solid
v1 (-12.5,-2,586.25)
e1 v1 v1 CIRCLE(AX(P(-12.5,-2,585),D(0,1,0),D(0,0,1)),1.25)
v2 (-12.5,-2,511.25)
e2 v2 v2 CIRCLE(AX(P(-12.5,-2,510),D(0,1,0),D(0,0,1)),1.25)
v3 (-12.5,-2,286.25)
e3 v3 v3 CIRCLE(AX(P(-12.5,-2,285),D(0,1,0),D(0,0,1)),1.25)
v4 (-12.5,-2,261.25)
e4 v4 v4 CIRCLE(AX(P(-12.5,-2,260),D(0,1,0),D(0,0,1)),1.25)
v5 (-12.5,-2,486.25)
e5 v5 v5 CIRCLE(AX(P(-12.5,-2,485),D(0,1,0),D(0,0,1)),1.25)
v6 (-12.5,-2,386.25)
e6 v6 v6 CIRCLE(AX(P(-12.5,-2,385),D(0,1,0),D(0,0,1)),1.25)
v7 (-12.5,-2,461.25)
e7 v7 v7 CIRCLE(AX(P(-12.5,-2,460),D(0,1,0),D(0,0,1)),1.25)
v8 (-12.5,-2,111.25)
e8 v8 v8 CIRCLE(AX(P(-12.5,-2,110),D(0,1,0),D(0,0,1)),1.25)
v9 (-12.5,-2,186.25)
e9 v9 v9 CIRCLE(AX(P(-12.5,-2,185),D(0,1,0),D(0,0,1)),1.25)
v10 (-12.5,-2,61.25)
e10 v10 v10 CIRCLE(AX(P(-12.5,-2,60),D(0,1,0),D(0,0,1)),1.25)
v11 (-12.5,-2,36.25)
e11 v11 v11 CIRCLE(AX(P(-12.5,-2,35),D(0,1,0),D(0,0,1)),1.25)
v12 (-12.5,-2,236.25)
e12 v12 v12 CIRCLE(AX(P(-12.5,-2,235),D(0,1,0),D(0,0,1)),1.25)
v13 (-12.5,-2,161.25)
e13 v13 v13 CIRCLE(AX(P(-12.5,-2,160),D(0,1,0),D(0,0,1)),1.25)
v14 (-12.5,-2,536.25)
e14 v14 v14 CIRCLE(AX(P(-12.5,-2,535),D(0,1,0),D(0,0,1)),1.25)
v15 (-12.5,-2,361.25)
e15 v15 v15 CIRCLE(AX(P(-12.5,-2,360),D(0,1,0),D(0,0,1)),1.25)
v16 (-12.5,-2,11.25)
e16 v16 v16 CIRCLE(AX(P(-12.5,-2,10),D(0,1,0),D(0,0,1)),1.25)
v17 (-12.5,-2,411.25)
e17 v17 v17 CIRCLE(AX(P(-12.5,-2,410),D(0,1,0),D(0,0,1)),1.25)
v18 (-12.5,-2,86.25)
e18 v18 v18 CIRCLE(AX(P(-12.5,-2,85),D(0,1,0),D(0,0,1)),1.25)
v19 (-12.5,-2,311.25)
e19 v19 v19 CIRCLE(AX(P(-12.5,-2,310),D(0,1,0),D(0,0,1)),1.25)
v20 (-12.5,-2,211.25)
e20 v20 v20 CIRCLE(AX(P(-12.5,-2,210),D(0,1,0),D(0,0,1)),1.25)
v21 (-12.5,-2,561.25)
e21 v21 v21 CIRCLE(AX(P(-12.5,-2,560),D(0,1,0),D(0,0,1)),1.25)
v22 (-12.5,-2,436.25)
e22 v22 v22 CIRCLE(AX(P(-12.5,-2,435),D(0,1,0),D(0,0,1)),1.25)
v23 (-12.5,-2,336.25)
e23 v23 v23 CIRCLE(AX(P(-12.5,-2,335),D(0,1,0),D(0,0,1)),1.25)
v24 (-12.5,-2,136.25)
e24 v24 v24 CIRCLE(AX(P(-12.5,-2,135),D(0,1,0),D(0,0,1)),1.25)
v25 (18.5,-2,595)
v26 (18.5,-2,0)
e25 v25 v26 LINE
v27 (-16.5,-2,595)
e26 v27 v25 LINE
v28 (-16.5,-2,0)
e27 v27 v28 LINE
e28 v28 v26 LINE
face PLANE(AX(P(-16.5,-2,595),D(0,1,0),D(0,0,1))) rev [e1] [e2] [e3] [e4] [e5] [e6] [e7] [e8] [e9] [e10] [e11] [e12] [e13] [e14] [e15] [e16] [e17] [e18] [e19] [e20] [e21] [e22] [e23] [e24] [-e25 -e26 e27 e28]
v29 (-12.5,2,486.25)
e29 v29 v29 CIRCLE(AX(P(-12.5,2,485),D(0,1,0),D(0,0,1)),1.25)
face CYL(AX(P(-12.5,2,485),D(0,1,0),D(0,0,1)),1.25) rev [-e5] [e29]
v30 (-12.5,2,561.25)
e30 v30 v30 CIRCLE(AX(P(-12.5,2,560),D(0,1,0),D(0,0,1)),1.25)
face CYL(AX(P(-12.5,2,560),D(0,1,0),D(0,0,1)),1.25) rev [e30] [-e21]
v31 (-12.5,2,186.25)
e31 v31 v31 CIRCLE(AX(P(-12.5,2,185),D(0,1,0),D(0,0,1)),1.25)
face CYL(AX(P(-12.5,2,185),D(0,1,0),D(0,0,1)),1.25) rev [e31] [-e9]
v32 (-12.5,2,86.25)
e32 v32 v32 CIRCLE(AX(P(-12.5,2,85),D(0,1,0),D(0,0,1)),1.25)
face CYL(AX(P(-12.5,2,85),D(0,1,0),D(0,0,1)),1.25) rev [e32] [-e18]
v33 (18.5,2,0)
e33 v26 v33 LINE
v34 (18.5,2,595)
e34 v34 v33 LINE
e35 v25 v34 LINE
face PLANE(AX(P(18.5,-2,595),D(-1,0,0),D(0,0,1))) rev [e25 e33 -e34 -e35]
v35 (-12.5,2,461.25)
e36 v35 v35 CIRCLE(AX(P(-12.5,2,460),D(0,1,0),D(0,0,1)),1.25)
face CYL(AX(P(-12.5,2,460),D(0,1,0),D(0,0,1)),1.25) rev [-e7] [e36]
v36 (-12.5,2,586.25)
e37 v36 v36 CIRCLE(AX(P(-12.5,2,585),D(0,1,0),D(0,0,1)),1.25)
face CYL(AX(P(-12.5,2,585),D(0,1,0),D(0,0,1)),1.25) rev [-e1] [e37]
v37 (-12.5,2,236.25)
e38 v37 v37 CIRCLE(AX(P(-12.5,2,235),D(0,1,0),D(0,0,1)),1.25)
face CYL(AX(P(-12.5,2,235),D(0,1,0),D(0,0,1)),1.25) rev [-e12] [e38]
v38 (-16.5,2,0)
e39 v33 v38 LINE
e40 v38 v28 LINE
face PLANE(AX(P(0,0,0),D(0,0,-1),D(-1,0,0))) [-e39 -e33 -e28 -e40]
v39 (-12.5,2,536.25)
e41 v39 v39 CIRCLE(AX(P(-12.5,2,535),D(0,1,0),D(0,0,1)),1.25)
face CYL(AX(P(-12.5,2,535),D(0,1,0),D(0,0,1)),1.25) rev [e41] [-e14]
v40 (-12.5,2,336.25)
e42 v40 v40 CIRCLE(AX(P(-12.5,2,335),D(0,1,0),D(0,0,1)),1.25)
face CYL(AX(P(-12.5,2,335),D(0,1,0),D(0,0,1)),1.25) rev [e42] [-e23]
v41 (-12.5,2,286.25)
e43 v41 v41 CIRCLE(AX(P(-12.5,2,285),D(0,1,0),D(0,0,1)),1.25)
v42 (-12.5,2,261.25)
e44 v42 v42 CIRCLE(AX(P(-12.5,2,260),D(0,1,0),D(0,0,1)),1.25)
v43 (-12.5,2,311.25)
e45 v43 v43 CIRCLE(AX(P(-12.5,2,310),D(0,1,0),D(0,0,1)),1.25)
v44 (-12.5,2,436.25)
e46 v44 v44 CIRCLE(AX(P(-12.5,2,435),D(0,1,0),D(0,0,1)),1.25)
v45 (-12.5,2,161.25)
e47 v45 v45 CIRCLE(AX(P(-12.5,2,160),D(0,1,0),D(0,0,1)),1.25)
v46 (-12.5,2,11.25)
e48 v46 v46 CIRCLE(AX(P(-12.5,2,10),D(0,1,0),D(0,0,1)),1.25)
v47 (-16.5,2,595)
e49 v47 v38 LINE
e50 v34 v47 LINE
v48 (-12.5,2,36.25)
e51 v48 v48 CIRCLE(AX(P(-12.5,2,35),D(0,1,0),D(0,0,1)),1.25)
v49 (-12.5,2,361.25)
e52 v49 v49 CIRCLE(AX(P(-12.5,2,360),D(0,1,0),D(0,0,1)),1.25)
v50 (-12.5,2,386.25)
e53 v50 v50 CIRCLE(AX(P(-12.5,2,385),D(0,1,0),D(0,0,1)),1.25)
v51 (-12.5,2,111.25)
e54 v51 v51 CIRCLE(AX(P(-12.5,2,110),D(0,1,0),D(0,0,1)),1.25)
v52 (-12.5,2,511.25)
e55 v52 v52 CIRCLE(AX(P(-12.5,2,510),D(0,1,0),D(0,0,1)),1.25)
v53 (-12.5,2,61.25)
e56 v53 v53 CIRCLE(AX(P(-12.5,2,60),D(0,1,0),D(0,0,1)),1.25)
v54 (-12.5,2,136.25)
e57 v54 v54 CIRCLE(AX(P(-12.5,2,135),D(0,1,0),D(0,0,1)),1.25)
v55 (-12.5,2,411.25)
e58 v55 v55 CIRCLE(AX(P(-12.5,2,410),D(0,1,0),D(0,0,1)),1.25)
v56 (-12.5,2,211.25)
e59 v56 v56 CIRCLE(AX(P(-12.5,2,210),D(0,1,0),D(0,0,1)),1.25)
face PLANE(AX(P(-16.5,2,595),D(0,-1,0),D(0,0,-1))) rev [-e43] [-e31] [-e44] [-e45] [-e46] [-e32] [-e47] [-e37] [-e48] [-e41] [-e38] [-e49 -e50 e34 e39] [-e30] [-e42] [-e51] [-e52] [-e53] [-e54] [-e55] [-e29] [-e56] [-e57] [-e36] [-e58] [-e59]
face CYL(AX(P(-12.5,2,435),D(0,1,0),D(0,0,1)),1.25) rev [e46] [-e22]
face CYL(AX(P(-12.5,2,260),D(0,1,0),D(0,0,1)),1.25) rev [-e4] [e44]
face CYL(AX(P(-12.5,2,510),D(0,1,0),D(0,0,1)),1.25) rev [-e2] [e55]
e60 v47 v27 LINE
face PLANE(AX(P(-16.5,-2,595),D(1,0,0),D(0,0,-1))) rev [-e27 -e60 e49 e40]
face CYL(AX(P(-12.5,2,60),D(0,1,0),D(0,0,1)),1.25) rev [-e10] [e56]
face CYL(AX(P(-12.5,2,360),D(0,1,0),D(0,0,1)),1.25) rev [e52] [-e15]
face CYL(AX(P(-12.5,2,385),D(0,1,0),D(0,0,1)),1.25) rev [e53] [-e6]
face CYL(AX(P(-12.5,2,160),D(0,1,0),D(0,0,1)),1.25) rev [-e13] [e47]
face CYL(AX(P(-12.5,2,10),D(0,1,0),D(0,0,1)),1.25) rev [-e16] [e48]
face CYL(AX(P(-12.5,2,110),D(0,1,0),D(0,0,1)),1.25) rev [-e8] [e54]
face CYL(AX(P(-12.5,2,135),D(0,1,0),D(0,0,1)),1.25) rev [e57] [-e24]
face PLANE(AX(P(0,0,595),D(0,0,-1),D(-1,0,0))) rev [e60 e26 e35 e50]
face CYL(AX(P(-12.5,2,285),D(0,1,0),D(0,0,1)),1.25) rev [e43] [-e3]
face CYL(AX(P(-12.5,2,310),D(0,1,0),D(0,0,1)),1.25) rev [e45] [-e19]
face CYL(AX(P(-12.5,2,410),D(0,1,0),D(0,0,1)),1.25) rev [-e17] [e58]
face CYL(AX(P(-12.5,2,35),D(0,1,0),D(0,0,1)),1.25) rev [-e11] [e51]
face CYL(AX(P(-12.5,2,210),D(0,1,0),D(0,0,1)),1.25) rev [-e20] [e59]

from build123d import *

# Parameters (mm, degrees)
SKETCH1_W           = 35
SKETCH1_H           = 4
BOSS_EXTRUDE1_DEPTH = 595
M3_TAPPED_HOLE1_D   = 2.5
LPATTERN1_COUNT     = 24
LPATTERN1_PITCH     = 25


with BuildPart() as part:
    # Sketch1 → Boss-Extrude1 (new body)
    with BuildSketch(Plane.XY):
        with Locations((1, 0)):
            Rectangle(SKETCH1_W, SKETCH1_H)
    extrude(amount=BOSS_EXTRUDE1_DEPTH)

    # M3 Tapped Hole1 (through all)
    with Locations(Plane(origin=(-12.5, 2, 10), x_dir=(0, 0, 1), z_dir=(0, 1, 0))):
        with Locations((0, 0)):
            m3_tapped_hole1 = Hole(M3_TAPPED_HOLE1_D / 2)

    # LPattern1: M3 Tapped Hole1 ×24
    with Locations(*[(0, 0, i * LPATTERN1_PITCH) for i in range(1, LPATTERN1_COUNT)]):
        add(m3_tapped_hole1, mode=Mode.SUBTRACT)


solid = part.part
